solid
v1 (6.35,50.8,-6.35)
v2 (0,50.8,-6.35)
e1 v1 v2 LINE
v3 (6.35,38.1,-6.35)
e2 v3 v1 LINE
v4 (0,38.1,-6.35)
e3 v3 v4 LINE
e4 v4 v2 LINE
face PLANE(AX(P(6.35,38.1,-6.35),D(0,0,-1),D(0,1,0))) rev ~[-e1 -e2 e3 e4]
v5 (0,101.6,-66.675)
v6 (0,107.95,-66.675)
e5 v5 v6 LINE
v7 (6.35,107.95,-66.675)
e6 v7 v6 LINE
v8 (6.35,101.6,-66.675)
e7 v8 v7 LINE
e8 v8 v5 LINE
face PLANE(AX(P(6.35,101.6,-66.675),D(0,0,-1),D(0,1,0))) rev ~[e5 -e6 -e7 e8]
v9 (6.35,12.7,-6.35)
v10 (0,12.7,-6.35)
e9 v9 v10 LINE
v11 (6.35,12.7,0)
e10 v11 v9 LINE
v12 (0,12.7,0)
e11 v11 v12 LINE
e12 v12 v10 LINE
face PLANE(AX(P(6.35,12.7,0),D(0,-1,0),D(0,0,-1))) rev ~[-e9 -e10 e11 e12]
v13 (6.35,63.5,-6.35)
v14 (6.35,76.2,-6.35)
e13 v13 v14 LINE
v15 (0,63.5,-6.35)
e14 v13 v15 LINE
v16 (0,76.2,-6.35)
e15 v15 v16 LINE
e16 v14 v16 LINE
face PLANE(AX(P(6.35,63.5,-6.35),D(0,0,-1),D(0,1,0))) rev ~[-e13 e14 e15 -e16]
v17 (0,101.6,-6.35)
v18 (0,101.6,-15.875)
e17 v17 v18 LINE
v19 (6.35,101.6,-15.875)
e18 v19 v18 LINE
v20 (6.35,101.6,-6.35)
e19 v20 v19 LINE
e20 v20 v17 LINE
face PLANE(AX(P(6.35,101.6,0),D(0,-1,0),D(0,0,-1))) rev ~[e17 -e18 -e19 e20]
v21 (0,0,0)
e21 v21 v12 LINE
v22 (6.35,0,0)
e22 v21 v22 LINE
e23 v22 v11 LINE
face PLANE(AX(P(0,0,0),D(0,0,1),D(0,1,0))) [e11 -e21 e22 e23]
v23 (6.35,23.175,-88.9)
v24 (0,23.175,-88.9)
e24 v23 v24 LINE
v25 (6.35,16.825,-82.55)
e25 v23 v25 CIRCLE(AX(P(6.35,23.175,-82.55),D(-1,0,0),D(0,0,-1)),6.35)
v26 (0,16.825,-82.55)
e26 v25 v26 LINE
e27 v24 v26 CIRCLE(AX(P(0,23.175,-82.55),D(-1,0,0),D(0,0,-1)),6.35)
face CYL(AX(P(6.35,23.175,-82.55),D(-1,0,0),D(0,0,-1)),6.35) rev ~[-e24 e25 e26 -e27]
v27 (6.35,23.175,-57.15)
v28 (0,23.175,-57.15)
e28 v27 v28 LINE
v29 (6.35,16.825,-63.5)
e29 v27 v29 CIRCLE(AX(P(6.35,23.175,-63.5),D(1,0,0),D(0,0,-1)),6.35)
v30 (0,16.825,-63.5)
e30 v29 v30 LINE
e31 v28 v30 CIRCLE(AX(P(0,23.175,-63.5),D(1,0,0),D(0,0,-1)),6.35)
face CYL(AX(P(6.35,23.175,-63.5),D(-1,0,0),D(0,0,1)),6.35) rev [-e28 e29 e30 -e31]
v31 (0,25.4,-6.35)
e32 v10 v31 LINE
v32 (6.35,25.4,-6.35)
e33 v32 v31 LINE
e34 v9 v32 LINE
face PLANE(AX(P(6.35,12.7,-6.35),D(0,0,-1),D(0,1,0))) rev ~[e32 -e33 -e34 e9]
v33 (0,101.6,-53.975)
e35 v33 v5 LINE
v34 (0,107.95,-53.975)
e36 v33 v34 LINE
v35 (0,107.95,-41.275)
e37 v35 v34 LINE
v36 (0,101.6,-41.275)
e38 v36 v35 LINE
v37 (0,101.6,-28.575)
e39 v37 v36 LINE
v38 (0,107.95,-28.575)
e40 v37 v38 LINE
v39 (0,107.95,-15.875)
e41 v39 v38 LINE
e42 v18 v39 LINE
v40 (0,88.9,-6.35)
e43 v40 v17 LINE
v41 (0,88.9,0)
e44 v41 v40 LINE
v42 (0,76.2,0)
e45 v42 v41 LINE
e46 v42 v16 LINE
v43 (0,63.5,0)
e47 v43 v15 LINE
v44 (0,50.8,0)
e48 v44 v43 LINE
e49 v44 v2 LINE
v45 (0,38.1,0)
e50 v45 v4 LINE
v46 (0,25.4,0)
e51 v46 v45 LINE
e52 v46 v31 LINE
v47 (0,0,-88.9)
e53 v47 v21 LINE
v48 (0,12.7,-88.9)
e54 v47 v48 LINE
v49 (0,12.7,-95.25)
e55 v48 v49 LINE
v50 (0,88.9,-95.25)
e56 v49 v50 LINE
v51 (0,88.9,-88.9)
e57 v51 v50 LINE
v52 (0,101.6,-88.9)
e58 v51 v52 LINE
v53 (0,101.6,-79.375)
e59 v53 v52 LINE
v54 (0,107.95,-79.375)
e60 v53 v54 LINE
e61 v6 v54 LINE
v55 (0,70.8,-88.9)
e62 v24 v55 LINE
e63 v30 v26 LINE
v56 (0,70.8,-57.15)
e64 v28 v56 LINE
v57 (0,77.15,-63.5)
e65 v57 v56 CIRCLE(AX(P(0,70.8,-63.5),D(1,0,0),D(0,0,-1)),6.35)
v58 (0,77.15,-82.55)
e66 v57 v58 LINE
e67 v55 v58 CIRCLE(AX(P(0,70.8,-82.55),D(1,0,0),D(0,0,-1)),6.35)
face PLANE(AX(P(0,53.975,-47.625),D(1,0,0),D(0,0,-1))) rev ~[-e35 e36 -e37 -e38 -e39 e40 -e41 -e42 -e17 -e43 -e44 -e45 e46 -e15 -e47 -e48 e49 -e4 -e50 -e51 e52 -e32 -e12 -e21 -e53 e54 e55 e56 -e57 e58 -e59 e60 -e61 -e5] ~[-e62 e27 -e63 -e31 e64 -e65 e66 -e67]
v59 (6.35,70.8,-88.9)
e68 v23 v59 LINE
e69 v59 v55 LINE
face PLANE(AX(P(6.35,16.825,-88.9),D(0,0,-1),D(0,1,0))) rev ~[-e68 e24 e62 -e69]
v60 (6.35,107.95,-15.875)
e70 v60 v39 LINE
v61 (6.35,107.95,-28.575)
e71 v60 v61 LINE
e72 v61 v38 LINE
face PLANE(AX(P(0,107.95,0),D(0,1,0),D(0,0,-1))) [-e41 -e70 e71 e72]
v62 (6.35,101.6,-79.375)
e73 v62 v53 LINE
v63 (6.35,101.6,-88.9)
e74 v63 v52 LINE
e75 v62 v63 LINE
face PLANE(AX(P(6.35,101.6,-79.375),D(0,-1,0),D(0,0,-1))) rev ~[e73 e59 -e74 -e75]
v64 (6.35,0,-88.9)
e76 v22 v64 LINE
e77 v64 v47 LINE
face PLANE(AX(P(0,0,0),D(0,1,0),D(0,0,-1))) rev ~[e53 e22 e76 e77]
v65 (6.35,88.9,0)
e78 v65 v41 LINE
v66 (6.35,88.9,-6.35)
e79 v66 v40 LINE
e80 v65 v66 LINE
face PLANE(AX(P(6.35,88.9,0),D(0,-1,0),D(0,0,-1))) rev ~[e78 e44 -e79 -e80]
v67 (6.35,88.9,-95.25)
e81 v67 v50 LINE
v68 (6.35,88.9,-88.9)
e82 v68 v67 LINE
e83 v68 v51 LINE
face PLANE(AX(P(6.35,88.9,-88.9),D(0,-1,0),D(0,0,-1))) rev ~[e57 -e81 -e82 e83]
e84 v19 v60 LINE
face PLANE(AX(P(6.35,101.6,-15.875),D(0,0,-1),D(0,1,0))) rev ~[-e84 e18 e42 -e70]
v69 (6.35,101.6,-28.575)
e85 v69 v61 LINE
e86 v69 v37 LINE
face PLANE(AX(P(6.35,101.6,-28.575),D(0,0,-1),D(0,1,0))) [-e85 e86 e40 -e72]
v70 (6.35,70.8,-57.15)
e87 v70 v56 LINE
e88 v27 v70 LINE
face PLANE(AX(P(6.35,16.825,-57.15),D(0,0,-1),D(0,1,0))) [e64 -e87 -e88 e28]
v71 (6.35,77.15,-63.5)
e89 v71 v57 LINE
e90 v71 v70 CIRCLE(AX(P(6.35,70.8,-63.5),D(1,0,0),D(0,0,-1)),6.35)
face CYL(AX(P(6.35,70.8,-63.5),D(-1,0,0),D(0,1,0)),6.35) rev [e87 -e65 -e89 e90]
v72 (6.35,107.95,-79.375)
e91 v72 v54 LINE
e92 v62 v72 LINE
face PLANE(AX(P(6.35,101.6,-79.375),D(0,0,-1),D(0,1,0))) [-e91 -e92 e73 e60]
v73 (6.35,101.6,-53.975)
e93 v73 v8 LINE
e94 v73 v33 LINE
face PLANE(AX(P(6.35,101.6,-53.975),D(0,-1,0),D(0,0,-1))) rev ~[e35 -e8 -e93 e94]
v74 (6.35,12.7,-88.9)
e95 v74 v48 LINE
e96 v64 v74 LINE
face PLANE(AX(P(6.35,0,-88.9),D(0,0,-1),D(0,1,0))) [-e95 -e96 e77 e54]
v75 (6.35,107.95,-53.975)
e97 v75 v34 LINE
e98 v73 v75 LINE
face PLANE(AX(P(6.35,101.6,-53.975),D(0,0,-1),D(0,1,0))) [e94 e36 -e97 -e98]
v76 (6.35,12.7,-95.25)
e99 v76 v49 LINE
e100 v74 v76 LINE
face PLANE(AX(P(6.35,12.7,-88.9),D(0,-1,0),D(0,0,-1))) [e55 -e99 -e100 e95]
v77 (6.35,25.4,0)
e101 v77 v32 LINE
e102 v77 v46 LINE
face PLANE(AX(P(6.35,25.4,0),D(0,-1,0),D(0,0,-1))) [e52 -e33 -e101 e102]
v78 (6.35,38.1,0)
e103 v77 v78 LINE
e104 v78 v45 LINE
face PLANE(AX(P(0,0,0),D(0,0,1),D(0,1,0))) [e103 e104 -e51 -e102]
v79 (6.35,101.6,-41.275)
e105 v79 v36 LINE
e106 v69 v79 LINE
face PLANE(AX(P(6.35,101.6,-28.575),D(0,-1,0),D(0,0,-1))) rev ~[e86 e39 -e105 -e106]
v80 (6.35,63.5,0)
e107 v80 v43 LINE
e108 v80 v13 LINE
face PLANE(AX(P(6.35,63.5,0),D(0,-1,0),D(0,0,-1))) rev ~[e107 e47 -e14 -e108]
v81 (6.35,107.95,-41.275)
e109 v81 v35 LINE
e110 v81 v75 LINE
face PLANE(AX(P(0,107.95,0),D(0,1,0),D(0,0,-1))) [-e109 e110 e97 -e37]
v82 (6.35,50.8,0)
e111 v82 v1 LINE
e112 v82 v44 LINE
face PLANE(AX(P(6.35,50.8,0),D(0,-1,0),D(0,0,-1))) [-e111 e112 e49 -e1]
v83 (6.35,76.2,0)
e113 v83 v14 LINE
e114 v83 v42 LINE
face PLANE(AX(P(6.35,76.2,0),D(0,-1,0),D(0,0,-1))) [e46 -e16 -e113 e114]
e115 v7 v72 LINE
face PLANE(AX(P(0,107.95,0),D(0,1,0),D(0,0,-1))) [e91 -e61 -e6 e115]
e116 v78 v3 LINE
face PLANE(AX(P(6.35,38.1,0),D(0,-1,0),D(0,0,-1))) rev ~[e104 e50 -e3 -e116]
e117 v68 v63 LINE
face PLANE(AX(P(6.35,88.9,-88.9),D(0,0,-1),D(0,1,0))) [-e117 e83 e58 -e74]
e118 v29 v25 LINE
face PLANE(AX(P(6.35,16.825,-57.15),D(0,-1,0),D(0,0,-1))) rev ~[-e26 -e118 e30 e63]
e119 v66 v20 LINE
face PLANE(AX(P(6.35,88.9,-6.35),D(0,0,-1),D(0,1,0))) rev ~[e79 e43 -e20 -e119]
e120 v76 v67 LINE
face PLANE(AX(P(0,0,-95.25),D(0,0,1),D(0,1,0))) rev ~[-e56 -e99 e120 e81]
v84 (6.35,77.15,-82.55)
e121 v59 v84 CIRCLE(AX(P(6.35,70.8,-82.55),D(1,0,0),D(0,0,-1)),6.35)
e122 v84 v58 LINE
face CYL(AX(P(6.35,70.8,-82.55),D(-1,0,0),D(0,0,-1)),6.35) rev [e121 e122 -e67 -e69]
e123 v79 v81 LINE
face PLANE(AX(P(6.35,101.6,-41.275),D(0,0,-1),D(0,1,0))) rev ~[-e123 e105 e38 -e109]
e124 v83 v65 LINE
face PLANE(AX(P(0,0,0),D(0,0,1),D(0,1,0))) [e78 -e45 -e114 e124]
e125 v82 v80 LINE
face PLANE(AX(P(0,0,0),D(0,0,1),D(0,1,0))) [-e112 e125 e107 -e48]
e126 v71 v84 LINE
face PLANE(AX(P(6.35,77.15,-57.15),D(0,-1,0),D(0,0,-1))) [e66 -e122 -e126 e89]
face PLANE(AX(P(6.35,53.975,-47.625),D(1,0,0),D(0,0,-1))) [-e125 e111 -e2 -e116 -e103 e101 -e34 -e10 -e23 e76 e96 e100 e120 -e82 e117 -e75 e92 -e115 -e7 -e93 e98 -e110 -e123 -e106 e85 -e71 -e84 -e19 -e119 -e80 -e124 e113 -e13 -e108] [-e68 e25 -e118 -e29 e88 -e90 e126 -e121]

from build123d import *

# Parameters (mm, degrees)
SKETCH1_W           = 95.25
SKETCH1_H           = 107.95
BOSS_EXTRUDE1_DEPTH = 6.35
SKETCH2_W           = 31.75
SKETCH2_H           = 60.325
CUT_EXTRUDE1_DEPTH  = 7.35
SKETCH3_W           = 15.875
SKETCH3_H           = 6.35
SKETCH3_W_2         = 12.7
CUT_EXTRUDE2_DEPTH  = 7.35
SKETCH5_W           = 6.35
SKETCH5_H           = 12.7
CUT_EXTRUDE3_DEPTH  = 7.35
SKETCH6_W           = 6.35
SKETCH6_H           = 12.7
CUT_EXTRUDE4_DEPTH  = 7.35
LPATTERN1_COUNT     = 5
LPATTERN1_PITCH     = 25.4
FILLET1_R           = 6.35


with BuildPart() as part:
    # Sketch1 → Boss-Extrude1 (new body)
    with BuildSketch(Plane(origin=(0, 0, 0), x_dir=(0, 0, -1), z_dir=(1, 0, 0))):
        with Locations((47.625, 53.975)):
            Rectangle(SKETCH1_W, SKETCH1_H)
    extrude(amount=BOSS_EXTRUDE1_DEPTH)

    # Sketch2 → Cut-Extrude1 (cut, through all)
    with BuildSketch(Plane(origin=(6.35, 0, 0), x_dir=(0, 0, -1), z_dir=(1, 0, 0))):
        with Locations((73.025, 46.9875)):
            Rectangle(SKETCH2_W, SKETCH2_H)
    extrude(amount=-CUT_EXTRUDE1_DEPTH, mode=Mode.SUBTRACT)

    # Sketch3 → Cut-Extrude2 (cut, through all)
    with BuildSketch(Plane(origin=(6.35, 0, 0), x_dir=(0, 0, -1), z_dir=(1, 0, 0))):
        with Locations((7.9375, 104.775)):
            Rectangle(SKETCH3_W, SKETCH3_H)
        with Locations((34.925, 104.775)):
            Rectangle(SKETCH3_W_2, SKETCH3_H)
        with Locations((60.325, 104.775)):
            Rectangle(SKETCH3_W_2, SKETCH3_H)
        with Locations((87.3125, 104.775)):
            Rectangle(SKETCH3_W, SKETCH3_H)
    extrude(amount=-CUT_EXTRUDE2_DEPTH, mode=Mode.SUBTRACT)

    # Sketch5 → Cut-Extrude3 (cut, through all)
    with BuildSketch(Plane(origin=(6.35, 0, 0), x_dir=(0, 0, -1), z_dir=(1, 0, 0))):
        with Locations((92.075, 95.25)):
            Rectangle(SKETCH5_W, SKETCH5_H)
        with Locations((92.075, 6.35)):
            Rectangle(SKETCH5_W, SKETCH5_H)
    extrude(amount=-CUT_EXTRUDE3_DEPTH, mode=Mode.SUBTRACT)

    # Sketch6 → Cut-Extrude4 (cut, through all)
    with BuildSketch(Plane(origin=(6.35, 0, 0), x_dir=(0, 0, -1), z_dir=(1, 0, 0))):
        with Locations((3.175, 95.25)):
            Rectangle(SKETCH6_W, SKETCH6_H)
    cut_extrude4 = extrude(amount=-CUT_EXTRUDE4_DEPTH, mode=Mode.SUBTRACT)

    # LPattern1: Cut-Extrude4 ×5
    with Locations(*[(0, -i * LPATTERN1_PITCH, 0) for i in range(1, LPATTERN1_COUNT)]):
        add(cut_extrude4, mode=Mode.SUBTRACT)

    # Fillet1
    fillet1_edges = [part.edges().sort_by_distance(p)[0] for p in [
        (3.175, 16.825, -57.15),
        (3.175, 77.15, -57.15),
        (3.175, 77.15, -88.9),
        (3.175, 16.825, -88.9),
    ]]
    fillet(fillet1_edges, radius=FILLET1_R)


solid = part.part
